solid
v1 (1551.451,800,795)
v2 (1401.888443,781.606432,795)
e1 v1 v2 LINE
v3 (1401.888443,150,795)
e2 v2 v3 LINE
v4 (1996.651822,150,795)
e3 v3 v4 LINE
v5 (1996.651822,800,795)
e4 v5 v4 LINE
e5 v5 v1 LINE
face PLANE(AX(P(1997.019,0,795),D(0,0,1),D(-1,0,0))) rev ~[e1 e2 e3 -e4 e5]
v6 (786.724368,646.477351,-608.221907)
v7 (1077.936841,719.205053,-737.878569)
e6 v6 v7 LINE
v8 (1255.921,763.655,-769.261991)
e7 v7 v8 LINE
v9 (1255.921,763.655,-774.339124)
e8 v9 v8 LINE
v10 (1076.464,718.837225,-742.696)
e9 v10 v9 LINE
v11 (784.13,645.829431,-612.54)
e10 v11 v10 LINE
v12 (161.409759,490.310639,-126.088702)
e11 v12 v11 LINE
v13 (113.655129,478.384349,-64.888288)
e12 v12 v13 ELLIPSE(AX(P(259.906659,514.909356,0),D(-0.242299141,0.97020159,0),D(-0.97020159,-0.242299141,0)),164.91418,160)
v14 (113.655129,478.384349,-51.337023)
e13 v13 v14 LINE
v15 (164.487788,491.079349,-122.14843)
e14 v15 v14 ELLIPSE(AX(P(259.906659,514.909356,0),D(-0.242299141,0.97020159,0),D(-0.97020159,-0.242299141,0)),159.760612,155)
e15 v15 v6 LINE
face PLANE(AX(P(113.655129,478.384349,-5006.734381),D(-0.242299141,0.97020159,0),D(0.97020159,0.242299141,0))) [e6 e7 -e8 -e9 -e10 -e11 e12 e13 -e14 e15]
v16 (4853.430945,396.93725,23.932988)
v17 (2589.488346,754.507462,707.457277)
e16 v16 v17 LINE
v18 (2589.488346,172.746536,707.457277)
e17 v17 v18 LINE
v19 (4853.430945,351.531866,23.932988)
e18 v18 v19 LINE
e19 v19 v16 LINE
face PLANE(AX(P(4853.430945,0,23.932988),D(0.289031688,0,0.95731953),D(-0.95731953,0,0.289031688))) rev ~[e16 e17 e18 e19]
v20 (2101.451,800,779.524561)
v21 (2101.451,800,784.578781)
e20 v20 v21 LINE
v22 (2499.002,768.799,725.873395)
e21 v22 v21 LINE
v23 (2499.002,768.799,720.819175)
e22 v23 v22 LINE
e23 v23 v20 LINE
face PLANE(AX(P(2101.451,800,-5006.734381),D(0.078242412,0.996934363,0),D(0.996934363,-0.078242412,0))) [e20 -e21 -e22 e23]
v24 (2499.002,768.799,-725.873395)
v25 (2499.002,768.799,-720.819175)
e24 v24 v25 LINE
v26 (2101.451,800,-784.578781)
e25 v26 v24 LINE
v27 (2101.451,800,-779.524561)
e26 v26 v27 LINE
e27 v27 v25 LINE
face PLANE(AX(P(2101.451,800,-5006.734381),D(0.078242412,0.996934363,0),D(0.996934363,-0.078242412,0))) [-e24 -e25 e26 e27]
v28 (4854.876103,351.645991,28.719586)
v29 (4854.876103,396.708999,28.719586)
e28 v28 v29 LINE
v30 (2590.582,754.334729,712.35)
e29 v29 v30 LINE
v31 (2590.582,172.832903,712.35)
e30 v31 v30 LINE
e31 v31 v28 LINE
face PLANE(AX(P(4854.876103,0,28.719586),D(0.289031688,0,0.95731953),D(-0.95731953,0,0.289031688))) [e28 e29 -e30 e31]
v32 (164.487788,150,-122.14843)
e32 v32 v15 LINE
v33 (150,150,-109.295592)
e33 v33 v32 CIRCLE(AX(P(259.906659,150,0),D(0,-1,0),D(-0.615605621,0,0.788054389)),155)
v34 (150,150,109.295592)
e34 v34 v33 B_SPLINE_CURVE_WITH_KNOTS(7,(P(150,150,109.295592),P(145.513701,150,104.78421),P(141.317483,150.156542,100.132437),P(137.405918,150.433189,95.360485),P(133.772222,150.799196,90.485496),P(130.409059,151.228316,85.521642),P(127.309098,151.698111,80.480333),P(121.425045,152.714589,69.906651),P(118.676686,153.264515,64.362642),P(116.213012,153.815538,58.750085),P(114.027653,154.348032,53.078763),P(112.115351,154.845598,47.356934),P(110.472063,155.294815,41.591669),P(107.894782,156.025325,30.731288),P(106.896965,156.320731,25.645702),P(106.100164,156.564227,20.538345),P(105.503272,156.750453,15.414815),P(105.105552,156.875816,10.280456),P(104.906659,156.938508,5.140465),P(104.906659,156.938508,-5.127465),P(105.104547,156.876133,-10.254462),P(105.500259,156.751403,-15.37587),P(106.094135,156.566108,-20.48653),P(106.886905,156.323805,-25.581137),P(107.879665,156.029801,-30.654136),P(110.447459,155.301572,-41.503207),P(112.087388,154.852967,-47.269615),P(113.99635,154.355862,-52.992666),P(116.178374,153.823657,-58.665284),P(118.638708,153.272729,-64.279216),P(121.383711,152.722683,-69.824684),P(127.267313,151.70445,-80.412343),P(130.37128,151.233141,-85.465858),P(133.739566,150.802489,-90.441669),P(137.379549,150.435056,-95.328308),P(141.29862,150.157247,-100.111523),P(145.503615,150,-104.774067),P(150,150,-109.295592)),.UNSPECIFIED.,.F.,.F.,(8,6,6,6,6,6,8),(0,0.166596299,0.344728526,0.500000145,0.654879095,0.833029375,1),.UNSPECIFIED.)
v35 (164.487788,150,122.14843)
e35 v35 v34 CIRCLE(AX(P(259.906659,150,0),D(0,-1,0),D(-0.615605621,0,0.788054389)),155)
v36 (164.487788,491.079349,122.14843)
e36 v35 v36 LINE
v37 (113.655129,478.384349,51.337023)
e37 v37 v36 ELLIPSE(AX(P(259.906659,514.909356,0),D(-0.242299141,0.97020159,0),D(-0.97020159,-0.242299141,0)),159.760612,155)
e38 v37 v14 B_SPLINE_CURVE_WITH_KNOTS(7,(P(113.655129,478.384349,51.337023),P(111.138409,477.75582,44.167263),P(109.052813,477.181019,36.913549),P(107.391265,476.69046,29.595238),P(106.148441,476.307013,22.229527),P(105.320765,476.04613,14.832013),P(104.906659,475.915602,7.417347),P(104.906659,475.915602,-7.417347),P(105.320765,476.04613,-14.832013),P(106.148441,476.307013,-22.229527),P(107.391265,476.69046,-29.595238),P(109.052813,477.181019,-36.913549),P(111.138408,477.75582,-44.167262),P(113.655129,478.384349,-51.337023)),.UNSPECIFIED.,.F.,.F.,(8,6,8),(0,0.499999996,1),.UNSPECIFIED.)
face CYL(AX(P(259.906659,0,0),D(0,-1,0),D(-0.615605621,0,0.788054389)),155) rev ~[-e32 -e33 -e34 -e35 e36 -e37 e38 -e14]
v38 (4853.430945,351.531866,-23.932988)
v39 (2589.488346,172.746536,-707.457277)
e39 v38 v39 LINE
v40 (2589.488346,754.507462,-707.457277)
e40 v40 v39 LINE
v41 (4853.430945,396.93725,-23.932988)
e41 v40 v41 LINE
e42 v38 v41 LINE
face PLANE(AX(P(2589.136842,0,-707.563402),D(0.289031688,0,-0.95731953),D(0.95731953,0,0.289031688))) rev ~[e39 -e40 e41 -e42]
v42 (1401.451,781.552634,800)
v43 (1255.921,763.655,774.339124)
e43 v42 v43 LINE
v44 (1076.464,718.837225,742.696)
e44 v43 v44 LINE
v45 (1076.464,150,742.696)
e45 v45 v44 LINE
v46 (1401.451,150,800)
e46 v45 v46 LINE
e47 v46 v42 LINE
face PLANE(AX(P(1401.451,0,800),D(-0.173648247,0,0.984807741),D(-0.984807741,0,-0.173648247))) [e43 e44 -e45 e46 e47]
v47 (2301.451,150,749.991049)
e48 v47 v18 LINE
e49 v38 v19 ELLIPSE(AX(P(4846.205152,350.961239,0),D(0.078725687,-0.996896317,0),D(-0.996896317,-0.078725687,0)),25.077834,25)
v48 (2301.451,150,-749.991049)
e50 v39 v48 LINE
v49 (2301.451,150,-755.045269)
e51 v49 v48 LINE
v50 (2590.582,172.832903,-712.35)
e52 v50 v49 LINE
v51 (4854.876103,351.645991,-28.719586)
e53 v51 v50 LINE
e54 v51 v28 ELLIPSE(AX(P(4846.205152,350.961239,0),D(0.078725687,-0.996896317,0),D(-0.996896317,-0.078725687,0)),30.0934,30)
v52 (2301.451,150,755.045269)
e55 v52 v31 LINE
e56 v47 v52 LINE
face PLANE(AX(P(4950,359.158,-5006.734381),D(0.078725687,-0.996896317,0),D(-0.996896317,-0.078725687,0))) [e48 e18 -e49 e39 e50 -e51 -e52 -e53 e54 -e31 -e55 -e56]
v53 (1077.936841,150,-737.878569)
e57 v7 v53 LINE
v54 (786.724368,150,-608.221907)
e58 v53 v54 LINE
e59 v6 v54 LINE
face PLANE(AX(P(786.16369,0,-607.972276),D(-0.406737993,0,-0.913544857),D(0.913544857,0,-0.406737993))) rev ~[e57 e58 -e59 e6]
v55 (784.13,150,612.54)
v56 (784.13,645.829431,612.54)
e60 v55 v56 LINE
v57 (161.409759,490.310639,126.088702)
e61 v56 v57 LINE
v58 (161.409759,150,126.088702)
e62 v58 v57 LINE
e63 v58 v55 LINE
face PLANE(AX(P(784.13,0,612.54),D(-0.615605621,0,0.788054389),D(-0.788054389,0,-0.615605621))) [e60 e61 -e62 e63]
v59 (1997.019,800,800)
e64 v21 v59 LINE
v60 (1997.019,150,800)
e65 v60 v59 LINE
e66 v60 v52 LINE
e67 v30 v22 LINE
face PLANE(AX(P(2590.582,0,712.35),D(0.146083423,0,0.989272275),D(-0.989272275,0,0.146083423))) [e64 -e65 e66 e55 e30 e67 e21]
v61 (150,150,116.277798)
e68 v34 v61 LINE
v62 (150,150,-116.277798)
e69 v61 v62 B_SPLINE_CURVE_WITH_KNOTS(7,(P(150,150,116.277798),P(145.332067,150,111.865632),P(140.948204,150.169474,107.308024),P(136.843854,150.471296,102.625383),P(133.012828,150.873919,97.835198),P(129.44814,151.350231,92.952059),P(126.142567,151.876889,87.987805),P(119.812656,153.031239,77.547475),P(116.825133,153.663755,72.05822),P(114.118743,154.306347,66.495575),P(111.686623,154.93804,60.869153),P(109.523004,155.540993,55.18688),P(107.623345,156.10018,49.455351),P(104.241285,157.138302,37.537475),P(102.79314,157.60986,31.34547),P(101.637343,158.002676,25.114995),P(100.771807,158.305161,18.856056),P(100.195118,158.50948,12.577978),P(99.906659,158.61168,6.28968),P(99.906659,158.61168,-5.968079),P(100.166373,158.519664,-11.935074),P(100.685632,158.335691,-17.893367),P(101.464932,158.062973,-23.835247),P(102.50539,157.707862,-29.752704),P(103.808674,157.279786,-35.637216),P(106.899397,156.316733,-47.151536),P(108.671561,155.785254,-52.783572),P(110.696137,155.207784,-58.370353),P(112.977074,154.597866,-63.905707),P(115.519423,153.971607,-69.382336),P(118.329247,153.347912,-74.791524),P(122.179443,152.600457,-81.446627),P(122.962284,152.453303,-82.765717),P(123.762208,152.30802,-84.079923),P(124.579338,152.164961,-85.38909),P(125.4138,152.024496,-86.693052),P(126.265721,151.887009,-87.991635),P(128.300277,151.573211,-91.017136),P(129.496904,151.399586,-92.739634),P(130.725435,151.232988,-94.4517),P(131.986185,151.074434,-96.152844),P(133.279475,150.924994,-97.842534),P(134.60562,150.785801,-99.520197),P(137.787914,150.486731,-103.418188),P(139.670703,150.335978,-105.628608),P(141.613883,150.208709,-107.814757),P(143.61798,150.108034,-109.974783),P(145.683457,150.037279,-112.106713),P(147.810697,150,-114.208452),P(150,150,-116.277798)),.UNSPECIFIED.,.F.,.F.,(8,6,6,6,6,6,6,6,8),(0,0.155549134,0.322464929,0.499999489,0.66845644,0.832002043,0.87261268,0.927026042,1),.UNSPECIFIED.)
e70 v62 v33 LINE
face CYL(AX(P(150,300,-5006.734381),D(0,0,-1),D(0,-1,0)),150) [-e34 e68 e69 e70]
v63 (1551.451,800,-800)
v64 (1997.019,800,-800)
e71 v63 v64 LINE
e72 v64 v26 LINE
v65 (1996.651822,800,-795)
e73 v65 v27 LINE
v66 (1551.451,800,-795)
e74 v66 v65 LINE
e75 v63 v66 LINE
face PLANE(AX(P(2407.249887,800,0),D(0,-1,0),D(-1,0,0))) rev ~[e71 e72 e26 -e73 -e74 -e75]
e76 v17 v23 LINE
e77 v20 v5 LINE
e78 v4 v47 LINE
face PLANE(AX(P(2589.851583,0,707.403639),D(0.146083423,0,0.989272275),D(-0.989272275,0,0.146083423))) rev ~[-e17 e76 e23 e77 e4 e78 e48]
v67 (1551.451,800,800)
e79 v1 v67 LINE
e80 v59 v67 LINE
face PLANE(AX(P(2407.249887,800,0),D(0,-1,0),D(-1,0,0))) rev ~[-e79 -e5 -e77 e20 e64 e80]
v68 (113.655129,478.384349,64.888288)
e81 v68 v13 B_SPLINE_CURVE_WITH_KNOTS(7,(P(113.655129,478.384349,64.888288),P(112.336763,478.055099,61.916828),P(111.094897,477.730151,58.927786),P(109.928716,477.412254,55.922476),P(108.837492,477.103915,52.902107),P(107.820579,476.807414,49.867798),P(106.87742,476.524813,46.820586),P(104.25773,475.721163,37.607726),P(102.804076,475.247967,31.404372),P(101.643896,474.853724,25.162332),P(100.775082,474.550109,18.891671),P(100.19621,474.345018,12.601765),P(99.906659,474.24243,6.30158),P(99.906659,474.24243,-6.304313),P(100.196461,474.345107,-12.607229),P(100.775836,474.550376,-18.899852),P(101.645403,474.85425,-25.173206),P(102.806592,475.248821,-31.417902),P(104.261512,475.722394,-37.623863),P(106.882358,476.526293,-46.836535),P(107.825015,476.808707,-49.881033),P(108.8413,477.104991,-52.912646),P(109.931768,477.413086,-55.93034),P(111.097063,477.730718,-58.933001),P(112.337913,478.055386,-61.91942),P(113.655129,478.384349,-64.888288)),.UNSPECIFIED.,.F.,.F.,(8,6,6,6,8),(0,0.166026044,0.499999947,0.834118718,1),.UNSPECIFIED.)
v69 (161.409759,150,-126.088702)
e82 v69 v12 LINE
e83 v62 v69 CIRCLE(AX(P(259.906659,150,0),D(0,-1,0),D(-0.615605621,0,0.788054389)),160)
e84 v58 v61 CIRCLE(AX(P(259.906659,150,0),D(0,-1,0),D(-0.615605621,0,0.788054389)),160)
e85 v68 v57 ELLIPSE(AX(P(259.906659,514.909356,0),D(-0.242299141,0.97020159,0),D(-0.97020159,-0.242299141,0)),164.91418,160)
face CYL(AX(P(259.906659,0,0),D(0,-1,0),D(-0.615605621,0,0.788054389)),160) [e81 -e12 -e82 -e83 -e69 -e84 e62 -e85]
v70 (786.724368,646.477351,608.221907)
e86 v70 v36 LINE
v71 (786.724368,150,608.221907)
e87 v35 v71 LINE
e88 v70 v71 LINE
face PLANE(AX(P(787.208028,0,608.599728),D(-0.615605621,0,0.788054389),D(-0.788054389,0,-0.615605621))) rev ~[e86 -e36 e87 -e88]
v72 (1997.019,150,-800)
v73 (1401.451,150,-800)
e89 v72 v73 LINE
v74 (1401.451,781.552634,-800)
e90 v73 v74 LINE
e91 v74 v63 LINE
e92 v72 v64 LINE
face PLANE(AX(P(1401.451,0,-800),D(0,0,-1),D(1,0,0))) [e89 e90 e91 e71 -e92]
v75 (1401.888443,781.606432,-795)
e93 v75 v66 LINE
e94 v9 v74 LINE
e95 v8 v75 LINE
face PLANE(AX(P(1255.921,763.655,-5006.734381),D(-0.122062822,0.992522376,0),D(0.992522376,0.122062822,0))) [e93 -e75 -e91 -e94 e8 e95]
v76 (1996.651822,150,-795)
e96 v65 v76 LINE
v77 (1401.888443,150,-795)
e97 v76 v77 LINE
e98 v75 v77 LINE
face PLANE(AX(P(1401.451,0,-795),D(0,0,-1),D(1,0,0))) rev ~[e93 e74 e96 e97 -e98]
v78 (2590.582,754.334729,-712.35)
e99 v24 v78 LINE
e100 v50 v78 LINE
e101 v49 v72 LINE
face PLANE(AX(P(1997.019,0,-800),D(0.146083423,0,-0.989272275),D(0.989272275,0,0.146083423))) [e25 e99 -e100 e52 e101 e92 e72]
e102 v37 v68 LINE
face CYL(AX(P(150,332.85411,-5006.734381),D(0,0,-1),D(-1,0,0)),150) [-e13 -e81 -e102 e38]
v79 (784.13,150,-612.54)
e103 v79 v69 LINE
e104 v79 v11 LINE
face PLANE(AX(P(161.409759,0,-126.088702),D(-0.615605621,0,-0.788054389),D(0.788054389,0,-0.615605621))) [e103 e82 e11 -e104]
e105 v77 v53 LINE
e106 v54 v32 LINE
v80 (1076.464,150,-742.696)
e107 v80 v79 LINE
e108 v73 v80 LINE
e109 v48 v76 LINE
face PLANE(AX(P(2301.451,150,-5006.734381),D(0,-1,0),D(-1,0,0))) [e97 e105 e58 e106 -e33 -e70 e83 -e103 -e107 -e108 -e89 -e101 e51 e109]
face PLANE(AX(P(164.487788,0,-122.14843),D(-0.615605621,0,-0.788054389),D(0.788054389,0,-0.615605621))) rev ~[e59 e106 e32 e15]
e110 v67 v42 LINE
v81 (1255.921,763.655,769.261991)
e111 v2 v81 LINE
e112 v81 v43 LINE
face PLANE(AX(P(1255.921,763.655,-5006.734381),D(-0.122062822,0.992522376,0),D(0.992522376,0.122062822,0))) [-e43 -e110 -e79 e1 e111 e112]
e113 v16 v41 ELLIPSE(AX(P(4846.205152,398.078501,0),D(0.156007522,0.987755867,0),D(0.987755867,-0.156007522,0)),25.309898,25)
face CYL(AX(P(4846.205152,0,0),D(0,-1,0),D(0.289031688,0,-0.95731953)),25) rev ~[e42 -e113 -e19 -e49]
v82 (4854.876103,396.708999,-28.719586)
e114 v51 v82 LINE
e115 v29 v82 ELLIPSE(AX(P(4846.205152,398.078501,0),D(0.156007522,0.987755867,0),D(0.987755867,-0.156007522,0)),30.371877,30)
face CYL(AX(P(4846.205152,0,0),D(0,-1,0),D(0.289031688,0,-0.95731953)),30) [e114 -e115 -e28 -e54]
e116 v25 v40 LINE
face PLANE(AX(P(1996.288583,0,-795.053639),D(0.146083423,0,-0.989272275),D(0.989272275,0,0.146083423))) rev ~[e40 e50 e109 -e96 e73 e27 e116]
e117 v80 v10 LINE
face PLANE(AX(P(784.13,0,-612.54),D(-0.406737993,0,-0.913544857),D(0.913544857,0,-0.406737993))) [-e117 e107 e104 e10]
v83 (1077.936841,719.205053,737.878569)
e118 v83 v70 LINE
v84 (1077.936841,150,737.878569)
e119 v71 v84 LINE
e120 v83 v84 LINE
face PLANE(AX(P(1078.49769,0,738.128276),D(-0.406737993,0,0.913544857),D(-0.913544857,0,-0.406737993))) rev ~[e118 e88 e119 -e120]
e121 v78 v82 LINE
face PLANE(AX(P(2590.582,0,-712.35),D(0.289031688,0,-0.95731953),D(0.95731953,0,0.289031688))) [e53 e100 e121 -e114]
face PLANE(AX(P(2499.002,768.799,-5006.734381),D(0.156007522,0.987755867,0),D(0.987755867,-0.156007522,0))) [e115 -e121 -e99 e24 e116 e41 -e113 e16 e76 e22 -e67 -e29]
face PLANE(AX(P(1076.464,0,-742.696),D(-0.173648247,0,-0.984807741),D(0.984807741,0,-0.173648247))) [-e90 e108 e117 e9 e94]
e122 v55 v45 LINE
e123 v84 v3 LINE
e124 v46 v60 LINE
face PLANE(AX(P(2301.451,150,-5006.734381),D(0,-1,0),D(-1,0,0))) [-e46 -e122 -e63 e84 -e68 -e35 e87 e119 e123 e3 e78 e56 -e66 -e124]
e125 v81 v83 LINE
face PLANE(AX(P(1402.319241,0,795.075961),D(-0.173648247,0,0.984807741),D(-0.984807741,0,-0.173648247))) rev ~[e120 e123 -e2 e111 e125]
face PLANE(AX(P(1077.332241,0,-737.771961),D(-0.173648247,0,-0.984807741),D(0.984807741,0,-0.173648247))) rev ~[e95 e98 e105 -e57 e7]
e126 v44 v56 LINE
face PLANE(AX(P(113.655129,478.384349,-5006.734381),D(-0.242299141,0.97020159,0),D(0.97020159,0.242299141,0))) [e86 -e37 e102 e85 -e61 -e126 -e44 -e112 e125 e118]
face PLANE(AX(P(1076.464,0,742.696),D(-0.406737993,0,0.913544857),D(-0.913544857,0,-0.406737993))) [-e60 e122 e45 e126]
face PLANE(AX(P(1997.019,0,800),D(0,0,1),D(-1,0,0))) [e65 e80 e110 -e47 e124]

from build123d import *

# Parameters (mm, degrees)
TOPVIEW_EXTRUDE_DEPTH      = 800
SHELL1_T                   = -5
SIDEPROFILE_CUT_DEPTH      = 5006.734380578
SIDEPROFILE_CUT_DEPTH_BACK = 5006.734380578
SKETCH2_OUTSIDE_W          = 5798.358
SKETCH2_OUTSIDE_H          = 1822.06


with BuildPart() as part:
    # Sketch1 → TopView_Extrude (new body)
    with BuildSketch(Plane(origin=(0, 0, 0), x_dir=(1, 0, 0), z_dir=(0, 1, 0))):
        with BuildLine():
            Line((161.409759475, 126.088702216), (784.13, 612.54))
            Line((784.13, 612.54), (1076.464, 742.696))
            Line((1076.464, 742.696), (1401.451, 800))
            Line((1401.451, 800), (1997.019, 800))
            Line((1997.019, 800), (2590.582, 712.35))
            Line((2590.582, 712.35), (4854.876103105, 28.719585912))
            ThreePointArc((4854.876103105, 28.719585912), (4876.205152462, 0), (4854.876103105, -28.719585912))
            Line((4854.876103105, -28.719585912), (2590.582, -712.35))
            Line((2590.582, -712.35), (1997.019, -800))
            Line((1997.019, -800), (1401.451, -800))
            Line((1401.451, -800), (1076.464, -742.696))
            Line((1076.464, -742.696), (784.13, -612.54))
            Line((784.13, -612.54), (161.409759475, -126.088702216))
            ThreePointArc((161.409759475, -126.088702216), (99.906658784, 0), (161.409759475, 126.088702216))
        make_face()
    extrude(amount=TOPVIEW_EXTRUDE_DEPTH)

    # Shell1
    shell1_openings = [part.faces().sort_by_distance(p)[0] for p in [
        (2160.780992179, 0, 0),
        (2160.780992179, 800, 0),
    ]]
    offset(amount=SHELL1_T, openings=shell1_openings, kind=Kind.INTERSECTION)

    # Sketch2 outside → SideProfile_Cut (cut, two sides: drawn at the far end of the back side and taken through both)
    with BuildSketch(Plane.XY.offset(-SIDEPROFILE_CUT_DEPTH_BACK)):
        with Locations((2488.056, 400)):
            Rectangle(SKETCH2_OUTSIDE_W, SKETCH2_OUTSIDE_H)
        with BuildLine():
            Line((0, 300), (0, 332.854109989))
            ThreePointArc((0, 332.854109989), (31.780435884, 425.180350356), (113.655128803, 478.384348558))
            Line((113.655128803, 478.384348558), (1255.921, 763.655))
            Line((1255.921, 763.655), (1551.451, 800))
            Line((1551.451, 800), (2101.451, 800))
            Line((2101.451, 800), (2499.002, 768.799))
            Line((2499.002, 768.799), (4950, 381.685))
            Line((4950, 381.685), (4950, 359.158))
            Line((4950, 359.158), (2301.451, 150))
            Line((2301.451, 150), (150, 150))
            ThreePointArc((150, 150), (43.933982822, 193.933982822), (0, 300))
        make_face(mode=Mode.SUBTRACT)
    extrude(amount=SIDEPROFILE_CUT_DEPTH + SIDEPROFILE_CUT_DEPTH_BACK, mode=Mode.SUBTRACT)


solid = part.part
